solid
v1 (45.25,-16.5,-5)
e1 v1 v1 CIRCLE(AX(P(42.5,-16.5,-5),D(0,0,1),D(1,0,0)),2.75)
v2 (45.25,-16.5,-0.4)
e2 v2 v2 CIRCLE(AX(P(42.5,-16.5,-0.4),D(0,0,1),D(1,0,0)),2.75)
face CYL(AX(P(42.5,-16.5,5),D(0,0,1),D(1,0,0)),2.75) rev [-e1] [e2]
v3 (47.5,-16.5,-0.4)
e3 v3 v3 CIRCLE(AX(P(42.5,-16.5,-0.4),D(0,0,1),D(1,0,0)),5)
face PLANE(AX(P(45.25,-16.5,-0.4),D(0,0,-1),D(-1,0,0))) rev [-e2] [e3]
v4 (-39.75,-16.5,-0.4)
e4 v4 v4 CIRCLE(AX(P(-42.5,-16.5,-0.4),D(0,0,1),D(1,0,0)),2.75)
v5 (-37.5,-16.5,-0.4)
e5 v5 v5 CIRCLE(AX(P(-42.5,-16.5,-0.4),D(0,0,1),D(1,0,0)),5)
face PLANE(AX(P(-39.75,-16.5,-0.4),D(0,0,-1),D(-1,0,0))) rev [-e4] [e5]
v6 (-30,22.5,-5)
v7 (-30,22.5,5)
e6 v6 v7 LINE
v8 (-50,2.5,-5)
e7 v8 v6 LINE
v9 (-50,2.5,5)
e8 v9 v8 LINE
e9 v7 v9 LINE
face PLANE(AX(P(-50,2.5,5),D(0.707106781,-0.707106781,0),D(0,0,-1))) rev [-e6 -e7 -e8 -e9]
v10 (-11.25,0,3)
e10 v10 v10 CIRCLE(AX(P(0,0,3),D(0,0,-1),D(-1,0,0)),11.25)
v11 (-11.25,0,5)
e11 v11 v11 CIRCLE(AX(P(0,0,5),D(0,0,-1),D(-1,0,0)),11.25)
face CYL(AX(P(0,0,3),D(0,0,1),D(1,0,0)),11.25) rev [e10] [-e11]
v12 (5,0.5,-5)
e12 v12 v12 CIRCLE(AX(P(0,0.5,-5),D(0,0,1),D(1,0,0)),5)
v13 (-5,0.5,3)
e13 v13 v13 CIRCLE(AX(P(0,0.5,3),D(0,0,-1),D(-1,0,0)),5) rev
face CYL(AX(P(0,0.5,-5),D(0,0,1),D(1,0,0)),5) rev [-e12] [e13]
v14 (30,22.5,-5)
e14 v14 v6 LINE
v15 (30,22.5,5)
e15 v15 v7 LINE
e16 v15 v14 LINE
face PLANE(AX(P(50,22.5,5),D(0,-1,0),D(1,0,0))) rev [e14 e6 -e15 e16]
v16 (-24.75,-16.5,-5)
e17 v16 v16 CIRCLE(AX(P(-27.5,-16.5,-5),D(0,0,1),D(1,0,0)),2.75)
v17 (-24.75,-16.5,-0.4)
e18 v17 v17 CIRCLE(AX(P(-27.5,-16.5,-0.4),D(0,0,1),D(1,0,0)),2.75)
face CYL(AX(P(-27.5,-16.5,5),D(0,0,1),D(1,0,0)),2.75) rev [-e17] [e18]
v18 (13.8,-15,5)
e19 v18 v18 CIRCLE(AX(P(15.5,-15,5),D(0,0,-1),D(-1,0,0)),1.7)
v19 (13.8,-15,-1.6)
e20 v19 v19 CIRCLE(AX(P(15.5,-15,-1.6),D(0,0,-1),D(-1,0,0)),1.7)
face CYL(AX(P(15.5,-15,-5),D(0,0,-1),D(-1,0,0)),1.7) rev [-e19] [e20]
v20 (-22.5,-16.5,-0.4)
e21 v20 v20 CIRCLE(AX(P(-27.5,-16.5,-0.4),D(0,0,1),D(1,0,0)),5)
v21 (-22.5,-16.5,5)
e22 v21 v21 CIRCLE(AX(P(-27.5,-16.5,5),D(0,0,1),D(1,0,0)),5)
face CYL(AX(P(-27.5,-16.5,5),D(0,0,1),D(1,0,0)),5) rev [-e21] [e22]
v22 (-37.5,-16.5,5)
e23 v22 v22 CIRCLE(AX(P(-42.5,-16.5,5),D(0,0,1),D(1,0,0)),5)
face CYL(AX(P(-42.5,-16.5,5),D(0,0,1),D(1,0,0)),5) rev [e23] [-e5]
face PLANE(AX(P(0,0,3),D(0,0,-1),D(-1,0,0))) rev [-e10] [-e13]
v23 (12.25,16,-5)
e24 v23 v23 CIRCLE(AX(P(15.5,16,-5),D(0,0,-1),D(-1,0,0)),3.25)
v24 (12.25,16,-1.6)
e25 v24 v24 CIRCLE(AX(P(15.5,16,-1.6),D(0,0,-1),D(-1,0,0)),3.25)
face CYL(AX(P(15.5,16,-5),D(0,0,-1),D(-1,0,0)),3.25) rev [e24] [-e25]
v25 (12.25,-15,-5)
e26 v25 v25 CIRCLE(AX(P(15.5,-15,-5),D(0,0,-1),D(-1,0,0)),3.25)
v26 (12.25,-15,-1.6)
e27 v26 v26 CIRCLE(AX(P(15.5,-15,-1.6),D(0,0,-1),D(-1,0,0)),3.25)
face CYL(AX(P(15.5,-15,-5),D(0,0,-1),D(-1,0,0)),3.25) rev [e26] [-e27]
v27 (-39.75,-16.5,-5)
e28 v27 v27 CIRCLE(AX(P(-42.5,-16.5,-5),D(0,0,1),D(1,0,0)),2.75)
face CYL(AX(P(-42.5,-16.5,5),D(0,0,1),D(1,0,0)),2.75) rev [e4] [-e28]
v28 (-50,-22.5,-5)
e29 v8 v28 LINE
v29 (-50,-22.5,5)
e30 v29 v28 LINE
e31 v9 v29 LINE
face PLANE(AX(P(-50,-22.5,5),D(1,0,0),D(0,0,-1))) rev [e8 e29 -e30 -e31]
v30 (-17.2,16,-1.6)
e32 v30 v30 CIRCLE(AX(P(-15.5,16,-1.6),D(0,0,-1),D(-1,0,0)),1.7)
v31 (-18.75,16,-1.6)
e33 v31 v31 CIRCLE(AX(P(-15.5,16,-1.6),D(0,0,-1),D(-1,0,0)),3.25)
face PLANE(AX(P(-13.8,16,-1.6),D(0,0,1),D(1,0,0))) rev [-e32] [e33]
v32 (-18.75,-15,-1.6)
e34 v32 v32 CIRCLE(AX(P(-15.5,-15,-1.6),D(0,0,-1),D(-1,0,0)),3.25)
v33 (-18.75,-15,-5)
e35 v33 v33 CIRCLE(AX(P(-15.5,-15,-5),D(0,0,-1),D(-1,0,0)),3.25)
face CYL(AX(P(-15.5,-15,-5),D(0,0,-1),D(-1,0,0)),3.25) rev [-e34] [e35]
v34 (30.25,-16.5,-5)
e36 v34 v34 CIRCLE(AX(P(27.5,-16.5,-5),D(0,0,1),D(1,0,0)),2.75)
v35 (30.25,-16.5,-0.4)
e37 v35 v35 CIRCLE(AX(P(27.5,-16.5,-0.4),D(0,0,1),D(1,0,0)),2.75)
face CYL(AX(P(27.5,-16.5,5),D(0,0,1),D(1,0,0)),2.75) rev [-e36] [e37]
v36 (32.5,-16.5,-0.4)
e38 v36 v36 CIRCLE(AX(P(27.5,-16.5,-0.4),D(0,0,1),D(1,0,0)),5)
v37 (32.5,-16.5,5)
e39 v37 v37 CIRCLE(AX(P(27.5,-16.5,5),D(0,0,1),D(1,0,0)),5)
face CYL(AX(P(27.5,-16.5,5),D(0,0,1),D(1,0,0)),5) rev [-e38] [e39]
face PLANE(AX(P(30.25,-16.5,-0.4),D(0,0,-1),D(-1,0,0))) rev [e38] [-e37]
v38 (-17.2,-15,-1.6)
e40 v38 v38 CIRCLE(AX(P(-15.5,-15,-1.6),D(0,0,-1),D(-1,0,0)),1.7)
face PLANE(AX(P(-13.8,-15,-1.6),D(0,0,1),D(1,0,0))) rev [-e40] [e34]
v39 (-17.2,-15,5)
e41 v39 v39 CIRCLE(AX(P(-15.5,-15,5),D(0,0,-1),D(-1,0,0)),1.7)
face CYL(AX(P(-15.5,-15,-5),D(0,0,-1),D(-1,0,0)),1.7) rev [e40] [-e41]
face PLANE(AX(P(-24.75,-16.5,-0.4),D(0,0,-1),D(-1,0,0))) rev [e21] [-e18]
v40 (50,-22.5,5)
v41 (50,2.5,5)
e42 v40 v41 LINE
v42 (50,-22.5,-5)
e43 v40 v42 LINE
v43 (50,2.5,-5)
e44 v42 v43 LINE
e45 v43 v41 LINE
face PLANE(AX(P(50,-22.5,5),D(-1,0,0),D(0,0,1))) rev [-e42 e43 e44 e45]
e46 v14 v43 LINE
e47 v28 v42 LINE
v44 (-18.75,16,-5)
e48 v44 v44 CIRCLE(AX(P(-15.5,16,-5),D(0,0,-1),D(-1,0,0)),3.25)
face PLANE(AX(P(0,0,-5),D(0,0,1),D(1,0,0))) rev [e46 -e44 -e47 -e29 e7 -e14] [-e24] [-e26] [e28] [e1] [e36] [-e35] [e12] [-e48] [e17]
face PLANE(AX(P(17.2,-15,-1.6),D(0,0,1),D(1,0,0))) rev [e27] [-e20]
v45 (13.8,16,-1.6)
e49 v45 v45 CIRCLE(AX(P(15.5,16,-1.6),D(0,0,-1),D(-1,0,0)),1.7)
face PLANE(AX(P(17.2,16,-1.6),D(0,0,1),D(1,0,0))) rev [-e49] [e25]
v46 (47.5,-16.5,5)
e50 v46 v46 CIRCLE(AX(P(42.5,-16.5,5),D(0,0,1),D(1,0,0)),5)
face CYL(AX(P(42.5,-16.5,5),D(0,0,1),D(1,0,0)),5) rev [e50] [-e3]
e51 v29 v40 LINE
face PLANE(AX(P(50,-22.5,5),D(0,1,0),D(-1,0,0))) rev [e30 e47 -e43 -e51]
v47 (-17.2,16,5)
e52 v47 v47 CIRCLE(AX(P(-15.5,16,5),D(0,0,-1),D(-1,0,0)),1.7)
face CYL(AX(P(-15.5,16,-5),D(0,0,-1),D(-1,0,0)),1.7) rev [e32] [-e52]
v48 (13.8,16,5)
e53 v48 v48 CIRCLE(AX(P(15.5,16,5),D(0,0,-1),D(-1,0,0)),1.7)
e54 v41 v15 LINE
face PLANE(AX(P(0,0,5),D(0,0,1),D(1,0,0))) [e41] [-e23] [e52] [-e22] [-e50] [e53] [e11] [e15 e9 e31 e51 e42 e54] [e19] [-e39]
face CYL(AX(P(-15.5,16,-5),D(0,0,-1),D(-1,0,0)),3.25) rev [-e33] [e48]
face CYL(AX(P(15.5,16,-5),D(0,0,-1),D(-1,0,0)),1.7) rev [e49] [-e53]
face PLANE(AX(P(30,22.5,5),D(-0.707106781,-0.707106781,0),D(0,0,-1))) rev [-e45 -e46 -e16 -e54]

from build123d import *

# Parameters (mm, degrees)
SKETCH1_W                                           = 100
SKETCH1_H                                           = 45
BOSS_EXTRUDE1_DEPTH                                 = 5
CHAMFER1_SIZE                                       = 20
CBORE_FOR_M5_HEX_SOCKET_HEAD_CAP_SCREW2_D           = 5.5
CBORE_FOR_M5_HEX_SOCKET_HEAD_CAP_SCREW2_CBORE_D     = 10
CBORE_FOR_M5_HEX_SOCKET_HEAD_CAP_SCREW2_CBORE_DEPTH = 5.4
CBORE_FOR_M3_HEX_SOCKET_HEAD_CAP_SCREW1_D           = 3.4
CBORE_FOR_M3_HEX_SOCKET_HEAD_CAP_SCREW1_CBORE_D     = 6.5
CBORE_FOR_M3_HEX_SOCKET_HEAD_CAP_SCREW1_CBORE_DEPTH = 3.4
SKETCH2_R                                           = 5
CUT_EXTRUDE3_DEPTH                                  = 10
SKETCH12_R                                          = 11.25
CUT_EXTRUDE4_DEPTH                                  = 2


with BuildPart() as part:
    # Sketch1 → Boss-Extrude1 (new, symmetric)
    with BuildSketch(Plane.XY):
        Rectangle(SKETCH1_W, SKETCH1_H)
    extrude(amount=BOSS_EXTRUDE1_DEPTH, both=True)

    # Chamfer1
    chamfer1_edges = [part.edges().sort_by_distance(p)[0] for p in [
        (-50, 22.5, 0),
        (50, 22.5, 0),
    ]]
    chamfer(chamfer1_edges, length=CHAMFER1_SIZE)

    # CBORE for M5 Hex Socket Head Cap Screw2 (through all)
    with Locations(Plane.XY.offset(5)):
        with Locations((-42.5, -16.5), (-27.5, -16.5), (27.5, -16.5), (42.5, -16.5)):
            CounterBoreHole(CBORE_FOR_M5_HEX_SOCKET_HEAD_CAP_SCREW2_D / 2, CBORE_FOR_M5_HEX_SOCKET_HEAD_CAP_SCREW2_CBORE_D / 2, CBORE_FOR_M5_HEX_SOCKET_HEAD_CAP_SCREW2_CBORE_DEPTH)

    # CBORE for M3 Hex Socket Head Cap Screw1 (through all)
    with Locations(Plane(origin=(0, 0, -5), x_dir=(1, 0, 0), z_dir=(0, 0, -1))):
        with Locations((-15.5, -16), (15.5, -16), (15.5, 15), (-15.5, 15)):
            CounterBoreHole(CBORE_FOR_M3_HEX_SOCKET_HEAD_CAP_SCREW1_D / 2, CBORE_FOR_M3_HEX_SOCKET_HEAD_CAP_SCREW1_CBORE_D / 2, CBORE_FOR_M3_HEX_SOCKET_HEAD_CAP_SCREW1_CBORE_DEPTH)

    # Sketch2 → Cut-Extrude3 (cut)
    with BuildSketch(Plane.XY.offset(5)):
        with Locations((0, 0.5)):
            Circle(SKETCH2_R)
    extrude(amount=-CUT_EXTRUDE3_DEPTH, mode=Mode.SUBTRACT)

    # Sketch12 → Cut-Extrude4 (cut)
    with BuildSketch(Plane(origin=(0, 0, 5), x_dir=(-1, 0, 0), z_dir=(0, 0, -1))):
        Circle(SKETCH12_R)
    extrude(amount=CUT_EXTRUDE4_DEPTH, mode=Mode.SUBTRACT)


solid = part.part
